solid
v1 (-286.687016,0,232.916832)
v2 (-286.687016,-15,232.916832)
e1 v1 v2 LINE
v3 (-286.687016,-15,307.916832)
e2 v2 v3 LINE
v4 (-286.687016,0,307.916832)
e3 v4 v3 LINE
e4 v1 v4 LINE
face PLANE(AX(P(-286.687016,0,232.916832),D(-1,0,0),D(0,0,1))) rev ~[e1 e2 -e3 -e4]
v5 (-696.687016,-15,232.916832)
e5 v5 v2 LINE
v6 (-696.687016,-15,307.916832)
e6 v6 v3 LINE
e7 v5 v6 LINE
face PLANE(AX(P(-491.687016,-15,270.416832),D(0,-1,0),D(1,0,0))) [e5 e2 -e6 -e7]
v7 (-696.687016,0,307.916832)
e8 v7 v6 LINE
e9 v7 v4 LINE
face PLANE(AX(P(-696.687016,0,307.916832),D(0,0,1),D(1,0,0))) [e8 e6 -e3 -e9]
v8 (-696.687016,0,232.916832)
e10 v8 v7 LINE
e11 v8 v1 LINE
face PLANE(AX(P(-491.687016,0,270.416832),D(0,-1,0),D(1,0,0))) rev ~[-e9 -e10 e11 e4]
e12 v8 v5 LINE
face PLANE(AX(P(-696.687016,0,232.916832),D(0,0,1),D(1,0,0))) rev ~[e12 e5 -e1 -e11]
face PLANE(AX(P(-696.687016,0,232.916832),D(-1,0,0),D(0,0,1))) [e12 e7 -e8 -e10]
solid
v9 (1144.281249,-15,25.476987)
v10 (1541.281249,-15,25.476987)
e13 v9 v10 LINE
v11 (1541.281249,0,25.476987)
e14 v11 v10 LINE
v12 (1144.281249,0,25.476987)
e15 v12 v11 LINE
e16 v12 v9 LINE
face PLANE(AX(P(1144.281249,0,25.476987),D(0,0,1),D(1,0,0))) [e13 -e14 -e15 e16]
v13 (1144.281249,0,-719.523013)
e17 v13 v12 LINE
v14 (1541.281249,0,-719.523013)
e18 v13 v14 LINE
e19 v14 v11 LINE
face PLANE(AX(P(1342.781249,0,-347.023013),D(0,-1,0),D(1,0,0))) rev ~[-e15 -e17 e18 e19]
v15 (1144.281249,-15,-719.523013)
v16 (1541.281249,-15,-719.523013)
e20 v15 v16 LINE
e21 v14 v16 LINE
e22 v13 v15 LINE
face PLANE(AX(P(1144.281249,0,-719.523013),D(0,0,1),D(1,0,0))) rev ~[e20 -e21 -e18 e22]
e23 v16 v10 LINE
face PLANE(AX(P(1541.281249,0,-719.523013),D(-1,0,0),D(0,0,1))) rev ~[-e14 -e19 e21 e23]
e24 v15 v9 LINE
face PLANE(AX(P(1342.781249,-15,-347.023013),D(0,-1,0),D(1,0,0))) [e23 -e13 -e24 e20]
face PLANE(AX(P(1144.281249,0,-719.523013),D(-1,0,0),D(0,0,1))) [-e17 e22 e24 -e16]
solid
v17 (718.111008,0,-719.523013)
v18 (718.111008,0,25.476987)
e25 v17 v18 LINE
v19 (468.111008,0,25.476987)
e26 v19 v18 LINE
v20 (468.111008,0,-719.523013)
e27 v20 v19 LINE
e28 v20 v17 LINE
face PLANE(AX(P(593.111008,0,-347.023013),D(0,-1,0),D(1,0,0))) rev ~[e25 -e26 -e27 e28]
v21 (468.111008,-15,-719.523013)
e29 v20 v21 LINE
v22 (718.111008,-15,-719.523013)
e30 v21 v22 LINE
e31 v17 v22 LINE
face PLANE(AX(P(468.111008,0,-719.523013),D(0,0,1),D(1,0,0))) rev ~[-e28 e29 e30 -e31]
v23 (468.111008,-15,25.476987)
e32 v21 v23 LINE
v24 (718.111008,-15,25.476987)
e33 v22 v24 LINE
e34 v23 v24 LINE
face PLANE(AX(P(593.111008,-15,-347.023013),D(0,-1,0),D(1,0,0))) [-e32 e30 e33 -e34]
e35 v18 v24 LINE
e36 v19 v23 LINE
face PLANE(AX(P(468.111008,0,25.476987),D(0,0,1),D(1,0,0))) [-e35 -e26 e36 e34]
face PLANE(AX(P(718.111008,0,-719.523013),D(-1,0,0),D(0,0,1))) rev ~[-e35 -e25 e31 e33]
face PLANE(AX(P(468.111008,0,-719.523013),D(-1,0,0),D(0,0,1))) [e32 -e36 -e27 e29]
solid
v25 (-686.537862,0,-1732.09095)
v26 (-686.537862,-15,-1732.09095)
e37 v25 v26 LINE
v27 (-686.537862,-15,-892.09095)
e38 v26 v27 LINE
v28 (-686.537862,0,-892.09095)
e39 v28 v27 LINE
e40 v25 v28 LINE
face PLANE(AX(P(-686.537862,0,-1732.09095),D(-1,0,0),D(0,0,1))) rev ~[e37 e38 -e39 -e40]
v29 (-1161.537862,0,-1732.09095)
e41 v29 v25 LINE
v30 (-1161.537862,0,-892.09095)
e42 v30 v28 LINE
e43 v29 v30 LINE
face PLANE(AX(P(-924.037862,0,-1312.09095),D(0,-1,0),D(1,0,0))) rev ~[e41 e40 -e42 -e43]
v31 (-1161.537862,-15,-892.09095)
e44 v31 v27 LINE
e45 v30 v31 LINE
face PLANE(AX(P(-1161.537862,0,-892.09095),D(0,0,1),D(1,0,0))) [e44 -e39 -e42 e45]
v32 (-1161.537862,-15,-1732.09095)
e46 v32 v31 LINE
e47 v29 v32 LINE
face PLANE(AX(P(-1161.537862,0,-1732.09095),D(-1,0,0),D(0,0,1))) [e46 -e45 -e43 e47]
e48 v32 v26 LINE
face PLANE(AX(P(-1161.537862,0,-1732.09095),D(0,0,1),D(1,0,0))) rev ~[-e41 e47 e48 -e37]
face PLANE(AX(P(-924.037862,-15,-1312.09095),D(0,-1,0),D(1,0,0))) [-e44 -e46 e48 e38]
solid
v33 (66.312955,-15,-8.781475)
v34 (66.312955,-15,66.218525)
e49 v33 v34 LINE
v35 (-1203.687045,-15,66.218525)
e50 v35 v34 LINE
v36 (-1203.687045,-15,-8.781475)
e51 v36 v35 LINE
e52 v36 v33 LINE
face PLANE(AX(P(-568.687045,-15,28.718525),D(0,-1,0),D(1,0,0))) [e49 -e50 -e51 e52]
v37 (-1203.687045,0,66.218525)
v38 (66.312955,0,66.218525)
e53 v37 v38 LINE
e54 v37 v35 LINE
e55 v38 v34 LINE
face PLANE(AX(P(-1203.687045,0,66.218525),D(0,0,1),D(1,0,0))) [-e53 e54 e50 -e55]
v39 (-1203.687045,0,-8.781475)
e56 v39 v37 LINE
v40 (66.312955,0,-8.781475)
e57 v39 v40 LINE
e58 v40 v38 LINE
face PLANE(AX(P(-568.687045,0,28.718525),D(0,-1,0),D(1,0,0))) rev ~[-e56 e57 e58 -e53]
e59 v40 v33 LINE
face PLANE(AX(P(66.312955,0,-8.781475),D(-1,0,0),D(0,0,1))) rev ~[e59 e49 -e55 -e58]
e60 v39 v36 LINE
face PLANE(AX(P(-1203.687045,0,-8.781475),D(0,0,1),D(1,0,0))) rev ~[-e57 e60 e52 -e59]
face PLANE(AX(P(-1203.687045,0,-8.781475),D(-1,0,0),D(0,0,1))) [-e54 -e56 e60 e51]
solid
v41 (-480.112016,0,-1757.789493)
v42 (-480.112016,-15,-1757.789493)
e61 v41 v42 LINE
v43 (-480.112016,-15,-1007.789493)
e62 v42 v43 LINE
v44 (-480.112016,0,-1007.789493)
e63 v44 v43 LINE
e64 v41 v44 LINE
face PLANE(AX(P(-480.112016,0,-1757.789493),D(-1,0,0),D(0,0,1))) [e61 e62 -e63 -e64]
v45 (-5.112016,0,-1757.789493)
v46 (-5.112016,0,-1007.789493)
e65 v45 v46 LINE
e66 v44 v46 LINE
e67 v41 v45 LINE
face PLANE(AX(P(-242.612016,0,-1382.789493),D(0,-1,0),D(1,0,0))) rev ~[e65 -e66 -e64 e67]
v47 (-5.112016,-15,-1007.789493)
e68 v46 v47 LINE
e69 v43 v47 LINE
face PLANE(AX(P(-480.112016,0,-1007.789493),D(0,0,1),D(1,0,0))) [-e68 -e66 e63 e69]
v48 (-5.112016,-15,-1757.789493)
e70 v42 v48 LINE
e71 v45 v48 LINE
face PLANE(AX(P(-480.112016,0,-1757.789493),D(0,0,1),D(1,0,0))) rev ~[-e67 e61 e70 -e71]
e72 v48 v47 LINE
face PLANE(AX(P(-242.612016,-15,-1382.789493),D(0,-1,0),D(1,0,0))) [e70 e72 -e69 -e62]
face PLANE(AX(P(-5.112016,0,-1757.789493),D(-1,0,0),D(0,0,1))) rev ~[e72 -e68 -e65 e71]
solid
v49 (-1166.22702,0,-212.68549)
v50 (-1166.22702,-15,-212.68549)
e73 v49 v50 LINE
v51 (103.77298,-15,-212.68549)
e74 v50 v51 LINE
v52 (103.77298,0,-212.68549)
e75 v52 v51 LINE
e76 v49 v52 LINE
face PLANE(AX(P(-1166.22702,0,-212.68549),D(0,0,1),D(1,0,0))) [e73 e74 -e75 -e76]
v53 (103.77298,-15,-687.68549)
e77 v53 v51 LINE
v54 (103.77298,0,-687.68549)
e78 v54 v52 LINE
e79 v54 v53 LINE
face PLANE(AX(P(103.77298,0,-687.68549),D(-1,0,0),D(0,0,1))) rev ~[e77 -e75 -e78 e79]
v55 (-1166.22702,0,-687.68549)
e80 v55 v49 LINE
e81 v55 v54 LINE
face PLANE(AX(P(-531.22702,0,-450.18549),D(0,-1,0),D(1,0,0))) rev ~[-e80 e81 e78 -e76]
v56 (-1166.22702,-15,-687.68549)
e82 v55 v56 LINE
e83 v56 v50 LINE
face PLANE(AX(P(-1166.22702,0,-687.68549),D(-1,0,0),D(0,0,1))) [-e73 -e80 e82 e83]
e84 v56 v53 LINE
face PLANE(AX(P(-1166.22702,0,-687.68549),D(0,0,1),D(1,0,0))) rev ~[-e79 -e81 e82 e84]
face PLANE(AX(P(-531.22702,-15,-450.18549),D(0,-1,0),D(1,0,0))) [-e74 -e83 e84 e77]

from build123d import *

# Parameters (mm, degrees)
F0_W      = 1270
F0_H      = 75
F1_DEPTH  = 15
F2_W      = 1270
F2_H      = 475
F3_DEPTH  = 15
F4_W      = 475
F4_H      = 840
F5_DEPTH  = 15
F6_W      = 410
F6_H      = 75
F7_DEPTH  = 15
F8_W      = 475
F8_H      = 750
F9_DEPTH  = 15
F10_W     = 397
F10_H     = 745
F11_DEPTH = 15
F10_W_2   = 250
F12_DEPTH = 15


with BuildPart() as f1:
    # F0 (on Front) → F1 (new body)
    with BuildSketch(Plane.XZ):
        with Locations((-568.687045, 28.718525)):
            Rectangle(F0_W, F0_H)
    extrude(amount=F1_DEPTH)


with BuildPart() as f3:
    # F2 (on Front) → F3 (new body)
    with BuildSketch(Plane.XZ):
        with Locations((-531.22702, -450.18549)):
            Rectangle(F2_W, F2_H)
    extrude(amount=F3_DEPTH)


with BuildPart() as f5:
    # F4 (on Front) → F5 (new body)
    with BuildSketch(Plane.XZ):
        with Locations((-924.037862, -1312.09095)):
            Rectangle(F4_W, F4_H)
    extrude(amount=F5_DEPTH)


with BuildPart() as f7:
    # F6 (on Front) → F7 (new body)
    with BuildSketch(Plane.XZ):
        with Locations((-491.687016, 270.416832)):
            Rectangle(F6_W, F6_H)
    extrude(amount=F7_DEPTH)


with BuildPart() as f9:
    # F8 (on Front) → F9 (new body)
    with BuildSketch(Plane.XZ):
        with Locations((-242.612016, -1382.789493)):
            Rectangle(F8_W, F8_H)
    extrude(amount=F9_DEPTH)


with BuildPart() as f11:
    # F10 (on Front) → F11 (new body)
    with BuildSketch(Plane.XZ):
        with Locations((1342.781249, -347.023013)):
            Rectangle(F10_W, F10_H)
    extrude(amount=F11_DEPTH)


with BuildPart() as f12:
    # F10 (on Front) → F12 (new body)
    with BuildSketch(Plane.XZ):
        with Locations((593.111008, -347.023013)):
            Rectangle(F10_W_2, F10_H)
    extrude(amount=F12_DEPTH)


solid = Compound([f1.part, f3.part, f5.part, f7.part, f9.part, f11.part, f12.part])
